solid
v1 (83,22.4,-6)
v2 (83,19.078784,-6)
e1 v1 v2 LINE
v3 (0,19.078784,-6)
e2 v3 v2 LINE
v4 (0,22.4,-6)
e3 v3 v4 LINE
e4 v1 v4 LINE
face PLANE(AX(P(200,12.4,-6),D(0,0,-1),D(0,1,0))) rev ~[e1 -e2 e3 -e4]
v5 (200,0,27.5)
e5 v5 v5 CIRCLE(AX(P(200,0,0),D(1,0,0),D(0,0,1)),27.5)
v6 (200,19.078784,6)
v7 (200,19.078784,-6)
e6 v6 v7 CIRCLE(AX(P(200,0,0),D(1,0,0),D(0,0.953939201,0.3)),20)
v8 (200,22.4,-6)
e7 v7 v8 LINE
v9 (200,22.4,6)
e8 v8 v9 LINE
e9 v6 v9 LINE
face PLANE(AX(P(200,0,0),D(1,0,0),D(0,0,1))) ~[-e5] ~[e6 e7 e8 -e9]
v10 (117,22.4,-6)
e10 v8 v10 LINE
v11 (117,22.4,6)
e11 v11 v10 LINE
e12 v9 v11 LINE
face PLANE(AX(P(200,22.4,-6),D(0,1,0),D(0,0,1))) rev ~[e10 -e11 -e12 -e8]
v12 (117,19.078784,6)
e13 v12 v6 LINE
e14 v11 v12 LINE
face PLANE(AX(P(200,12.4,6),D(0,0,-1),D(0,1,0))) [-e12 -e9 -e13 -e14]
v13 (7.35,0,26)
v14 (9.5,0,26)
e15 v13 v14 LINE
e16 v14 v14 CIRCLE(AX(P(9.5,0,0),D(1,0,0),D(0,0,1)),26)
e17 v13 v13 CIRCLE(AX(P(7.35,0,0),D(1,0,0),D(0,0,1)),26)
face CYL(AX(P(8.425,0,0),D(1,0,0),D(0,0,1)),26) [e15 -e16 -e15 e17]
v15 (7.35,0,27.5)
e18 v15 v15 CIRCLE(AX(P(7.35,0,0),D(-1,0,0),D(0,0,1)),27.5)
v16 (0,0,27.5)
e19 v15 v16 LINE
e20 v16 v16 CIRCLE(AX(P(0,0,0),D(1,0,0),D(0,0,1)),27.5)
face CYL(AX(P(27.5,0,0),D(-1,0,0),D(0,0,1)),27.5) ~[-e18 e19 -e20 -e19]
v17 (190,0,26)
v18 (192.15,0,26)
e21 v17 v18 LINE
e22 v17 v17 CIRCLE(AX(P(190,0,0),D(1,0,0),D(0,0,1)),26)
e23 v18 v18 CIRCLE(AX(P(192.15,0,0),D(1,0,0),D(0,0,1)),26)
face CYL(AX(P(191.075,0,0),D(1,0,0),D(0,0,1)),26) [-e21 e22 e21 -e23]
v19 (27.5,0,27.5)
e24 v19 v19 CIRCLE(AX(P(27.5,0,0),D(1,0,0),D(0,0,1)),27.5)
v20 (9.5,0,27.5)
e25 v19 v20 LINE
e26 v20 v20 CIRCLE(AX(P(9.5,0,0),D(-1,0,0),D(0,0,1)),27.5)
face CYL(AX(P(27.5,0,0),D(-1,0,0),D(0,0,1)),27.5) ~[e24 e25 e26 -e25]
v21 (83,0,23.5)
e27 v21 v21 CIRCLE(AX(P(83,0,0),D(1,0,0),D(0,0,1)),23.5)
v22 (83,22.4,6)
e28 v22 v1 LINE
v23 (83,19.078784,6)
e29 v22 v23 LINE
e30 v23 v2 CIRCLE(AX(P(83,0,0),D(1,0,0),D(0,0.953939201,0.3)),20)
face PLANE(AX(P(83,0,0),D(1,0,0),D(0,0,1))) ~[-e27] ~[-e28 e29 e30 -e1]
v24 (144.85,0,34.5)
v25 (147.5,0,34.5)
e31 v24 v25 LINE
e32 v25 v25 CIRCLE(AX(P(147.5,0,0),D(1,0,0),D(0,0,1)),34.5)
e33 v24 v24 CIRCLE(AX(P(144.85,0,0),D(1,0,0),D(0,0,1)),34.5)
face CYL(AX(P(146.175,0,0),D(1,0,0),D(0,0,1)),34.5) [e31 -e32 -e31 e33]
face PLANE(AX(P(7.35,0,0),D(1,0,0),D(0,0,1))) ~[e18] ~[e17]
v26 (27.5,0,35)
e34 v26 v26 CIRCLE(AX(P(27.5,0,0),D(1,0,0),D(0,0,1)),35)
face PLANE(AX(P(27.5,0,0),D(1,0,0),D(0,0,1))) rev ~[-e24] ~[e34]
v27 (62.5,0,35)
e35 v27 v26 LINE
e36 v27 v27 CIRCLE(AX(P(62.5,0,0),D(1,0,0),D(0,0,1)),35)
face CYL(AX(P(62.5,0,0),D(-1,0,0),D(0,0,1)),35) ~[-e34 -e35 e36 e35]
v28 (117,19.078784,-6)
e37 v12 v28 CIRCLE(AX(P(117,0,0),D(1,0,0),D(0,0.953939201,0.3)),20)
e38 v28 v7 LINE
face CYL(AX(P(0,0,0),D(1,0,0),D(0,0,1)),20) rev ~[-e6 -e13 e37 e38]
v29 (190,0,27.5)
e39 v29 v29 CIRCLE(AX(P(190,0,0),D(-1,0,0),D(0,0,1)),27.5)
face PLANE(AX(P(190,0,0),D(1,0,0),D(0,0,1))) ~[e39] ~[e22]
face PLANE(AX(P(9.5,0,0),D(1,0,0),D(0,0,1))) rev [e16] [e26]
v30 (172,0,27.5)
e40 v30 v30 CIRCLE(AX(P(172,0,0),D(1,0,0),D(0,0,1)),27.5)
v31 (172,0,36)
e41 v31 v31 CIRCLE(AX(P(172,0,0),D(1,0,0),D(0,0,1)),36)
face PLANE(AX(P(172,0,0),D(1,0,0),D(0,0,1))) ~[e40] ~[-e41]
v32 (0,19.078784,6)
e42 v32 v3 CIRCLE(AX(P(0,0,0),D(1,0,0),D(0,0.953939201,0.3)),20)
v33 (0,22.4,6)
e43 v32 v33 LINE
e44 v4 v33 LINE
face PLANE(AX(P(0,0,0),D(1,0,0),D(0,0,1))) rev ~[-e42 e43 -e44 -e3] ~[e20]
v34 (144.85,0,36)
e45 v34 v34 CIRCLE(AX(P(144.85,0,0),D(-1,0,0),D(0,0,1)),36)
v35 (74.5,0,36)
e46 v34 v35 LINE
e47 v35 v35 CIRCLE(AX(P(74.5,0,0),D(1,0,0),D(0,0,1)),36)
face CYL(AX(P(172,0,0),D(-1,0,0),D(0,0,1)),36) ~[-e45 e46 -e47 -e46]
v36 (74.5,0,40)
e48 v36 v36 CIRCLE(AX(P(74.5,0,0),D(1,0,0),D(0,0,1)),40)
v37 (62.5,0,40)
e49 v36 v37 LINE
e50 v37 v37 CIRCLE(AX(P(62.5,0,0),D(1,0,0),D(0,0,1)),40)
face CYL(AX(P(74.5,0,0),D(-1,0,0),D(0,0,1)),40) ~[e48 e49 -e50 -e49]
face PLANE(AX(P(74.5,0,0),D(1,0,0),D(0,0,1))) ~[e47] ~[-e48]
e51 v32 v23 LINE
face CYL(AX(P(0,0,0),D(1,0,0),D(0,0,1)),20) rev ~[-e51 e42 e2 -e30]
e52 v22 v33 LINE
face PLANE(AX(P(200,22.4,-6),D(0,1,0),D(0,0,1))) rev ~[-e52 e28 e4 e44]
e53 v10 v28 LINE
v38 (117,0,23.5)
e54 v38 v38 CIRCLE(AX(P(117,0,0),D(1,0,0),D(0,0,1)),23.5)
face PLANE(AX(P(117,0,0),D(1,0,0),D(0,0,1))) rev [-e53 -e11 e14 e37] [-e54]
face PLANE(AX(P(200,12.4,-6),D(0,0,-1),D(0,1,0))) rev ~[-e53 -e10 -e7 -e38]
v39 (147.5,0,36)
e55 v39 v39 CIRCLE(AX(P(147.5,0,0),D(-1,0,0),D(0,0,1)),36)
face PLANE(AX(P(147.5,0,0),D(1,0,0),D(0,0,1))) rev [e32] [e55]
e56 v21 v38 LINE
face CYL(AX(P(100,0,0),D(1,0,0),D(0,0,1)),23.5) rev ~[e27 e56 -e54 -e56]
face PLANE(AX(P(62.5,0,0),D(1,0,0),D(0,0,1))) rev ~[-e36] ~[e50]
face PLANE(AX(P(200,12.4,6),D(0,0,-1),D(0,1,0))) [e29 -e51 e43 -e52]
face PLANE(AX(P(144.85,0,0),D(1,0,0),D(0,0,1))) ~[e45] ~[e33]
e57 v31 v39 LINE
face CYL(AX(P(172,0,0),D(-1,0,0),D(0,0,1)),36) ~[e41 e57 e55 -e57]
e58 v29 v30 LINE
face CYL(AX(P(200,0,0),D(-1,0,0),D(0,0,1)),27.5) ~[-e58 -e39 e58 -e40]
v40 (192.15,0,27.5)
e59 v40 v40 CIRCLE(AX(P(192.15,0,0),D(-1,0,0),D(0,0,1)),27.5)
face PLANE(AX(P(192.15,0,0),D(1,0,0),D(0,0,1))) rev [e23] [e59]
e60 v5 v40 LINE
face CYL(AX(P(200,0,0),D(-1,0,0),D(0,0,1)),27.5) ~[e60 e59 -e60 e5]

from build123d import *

# Parameters (mm, degrees)
F2_W     = 34
F2_H     = 23.5
F4_W     = 10
F4_H     = 12
F5_DEPTH = 200.001
F6_W     = 2.15
F6_H     = 10
F6_W_2   = 2.65


with BuildPart() as f1:
    # F0 (on Front) → F1 (revolve)
    with BuildSketch(Plane.XZ):
        Polygon((0, 27.5), (0, 20), (200, 20), (200, 27.5), (172, 27.5), (172, 36), (74.5, 36), (74.5, 40), (62.5, 40), (62.5, 35), (27.5, 35), (27.5, 27.5), align=None)
    revolve(axis=Axis((44.474047, 0, 0), (1, 0, 0)))

    # F2 (on Front) → F3 (revolve, cut)
    with BuildSketch(Plane.XZ):
        with Locations((100, 11.75)):
            Rectangle(F2_W, F2_H)
    revolve(axis=Axis((100, 0, 0), (1, 0, 0)), mode=Mode.SUBTRACT)

    # F4 (on face) → F5 (cut, through all)
    with BuildSketch(Plane.YZ.offset(200)):
        with Locations((17.4, 0)):
            Rectangle(F4_W, F4_H)
    extrude(amount=-F5_DEPTH, mode=Mode.SUBTRACT)

    # F6 (on Front) → F7 (revolve, cut)
    with BuildSketch(Plane.XZ):
        with Locations((8.425, 31)):
            Rectangle(F6_W, F6_H)
        with Locations((191.075, 31)):
            Rectangle(F6_W, F6_H)
        with Locations((146.175, 39.5)):
            Rectangle(F6_W_2, F6_H)
    revolve(axis=Axis((18.830039, 0, 0), (1, 0, 0)), mode=Mode.SUBTRACT)


solid = f1.part
